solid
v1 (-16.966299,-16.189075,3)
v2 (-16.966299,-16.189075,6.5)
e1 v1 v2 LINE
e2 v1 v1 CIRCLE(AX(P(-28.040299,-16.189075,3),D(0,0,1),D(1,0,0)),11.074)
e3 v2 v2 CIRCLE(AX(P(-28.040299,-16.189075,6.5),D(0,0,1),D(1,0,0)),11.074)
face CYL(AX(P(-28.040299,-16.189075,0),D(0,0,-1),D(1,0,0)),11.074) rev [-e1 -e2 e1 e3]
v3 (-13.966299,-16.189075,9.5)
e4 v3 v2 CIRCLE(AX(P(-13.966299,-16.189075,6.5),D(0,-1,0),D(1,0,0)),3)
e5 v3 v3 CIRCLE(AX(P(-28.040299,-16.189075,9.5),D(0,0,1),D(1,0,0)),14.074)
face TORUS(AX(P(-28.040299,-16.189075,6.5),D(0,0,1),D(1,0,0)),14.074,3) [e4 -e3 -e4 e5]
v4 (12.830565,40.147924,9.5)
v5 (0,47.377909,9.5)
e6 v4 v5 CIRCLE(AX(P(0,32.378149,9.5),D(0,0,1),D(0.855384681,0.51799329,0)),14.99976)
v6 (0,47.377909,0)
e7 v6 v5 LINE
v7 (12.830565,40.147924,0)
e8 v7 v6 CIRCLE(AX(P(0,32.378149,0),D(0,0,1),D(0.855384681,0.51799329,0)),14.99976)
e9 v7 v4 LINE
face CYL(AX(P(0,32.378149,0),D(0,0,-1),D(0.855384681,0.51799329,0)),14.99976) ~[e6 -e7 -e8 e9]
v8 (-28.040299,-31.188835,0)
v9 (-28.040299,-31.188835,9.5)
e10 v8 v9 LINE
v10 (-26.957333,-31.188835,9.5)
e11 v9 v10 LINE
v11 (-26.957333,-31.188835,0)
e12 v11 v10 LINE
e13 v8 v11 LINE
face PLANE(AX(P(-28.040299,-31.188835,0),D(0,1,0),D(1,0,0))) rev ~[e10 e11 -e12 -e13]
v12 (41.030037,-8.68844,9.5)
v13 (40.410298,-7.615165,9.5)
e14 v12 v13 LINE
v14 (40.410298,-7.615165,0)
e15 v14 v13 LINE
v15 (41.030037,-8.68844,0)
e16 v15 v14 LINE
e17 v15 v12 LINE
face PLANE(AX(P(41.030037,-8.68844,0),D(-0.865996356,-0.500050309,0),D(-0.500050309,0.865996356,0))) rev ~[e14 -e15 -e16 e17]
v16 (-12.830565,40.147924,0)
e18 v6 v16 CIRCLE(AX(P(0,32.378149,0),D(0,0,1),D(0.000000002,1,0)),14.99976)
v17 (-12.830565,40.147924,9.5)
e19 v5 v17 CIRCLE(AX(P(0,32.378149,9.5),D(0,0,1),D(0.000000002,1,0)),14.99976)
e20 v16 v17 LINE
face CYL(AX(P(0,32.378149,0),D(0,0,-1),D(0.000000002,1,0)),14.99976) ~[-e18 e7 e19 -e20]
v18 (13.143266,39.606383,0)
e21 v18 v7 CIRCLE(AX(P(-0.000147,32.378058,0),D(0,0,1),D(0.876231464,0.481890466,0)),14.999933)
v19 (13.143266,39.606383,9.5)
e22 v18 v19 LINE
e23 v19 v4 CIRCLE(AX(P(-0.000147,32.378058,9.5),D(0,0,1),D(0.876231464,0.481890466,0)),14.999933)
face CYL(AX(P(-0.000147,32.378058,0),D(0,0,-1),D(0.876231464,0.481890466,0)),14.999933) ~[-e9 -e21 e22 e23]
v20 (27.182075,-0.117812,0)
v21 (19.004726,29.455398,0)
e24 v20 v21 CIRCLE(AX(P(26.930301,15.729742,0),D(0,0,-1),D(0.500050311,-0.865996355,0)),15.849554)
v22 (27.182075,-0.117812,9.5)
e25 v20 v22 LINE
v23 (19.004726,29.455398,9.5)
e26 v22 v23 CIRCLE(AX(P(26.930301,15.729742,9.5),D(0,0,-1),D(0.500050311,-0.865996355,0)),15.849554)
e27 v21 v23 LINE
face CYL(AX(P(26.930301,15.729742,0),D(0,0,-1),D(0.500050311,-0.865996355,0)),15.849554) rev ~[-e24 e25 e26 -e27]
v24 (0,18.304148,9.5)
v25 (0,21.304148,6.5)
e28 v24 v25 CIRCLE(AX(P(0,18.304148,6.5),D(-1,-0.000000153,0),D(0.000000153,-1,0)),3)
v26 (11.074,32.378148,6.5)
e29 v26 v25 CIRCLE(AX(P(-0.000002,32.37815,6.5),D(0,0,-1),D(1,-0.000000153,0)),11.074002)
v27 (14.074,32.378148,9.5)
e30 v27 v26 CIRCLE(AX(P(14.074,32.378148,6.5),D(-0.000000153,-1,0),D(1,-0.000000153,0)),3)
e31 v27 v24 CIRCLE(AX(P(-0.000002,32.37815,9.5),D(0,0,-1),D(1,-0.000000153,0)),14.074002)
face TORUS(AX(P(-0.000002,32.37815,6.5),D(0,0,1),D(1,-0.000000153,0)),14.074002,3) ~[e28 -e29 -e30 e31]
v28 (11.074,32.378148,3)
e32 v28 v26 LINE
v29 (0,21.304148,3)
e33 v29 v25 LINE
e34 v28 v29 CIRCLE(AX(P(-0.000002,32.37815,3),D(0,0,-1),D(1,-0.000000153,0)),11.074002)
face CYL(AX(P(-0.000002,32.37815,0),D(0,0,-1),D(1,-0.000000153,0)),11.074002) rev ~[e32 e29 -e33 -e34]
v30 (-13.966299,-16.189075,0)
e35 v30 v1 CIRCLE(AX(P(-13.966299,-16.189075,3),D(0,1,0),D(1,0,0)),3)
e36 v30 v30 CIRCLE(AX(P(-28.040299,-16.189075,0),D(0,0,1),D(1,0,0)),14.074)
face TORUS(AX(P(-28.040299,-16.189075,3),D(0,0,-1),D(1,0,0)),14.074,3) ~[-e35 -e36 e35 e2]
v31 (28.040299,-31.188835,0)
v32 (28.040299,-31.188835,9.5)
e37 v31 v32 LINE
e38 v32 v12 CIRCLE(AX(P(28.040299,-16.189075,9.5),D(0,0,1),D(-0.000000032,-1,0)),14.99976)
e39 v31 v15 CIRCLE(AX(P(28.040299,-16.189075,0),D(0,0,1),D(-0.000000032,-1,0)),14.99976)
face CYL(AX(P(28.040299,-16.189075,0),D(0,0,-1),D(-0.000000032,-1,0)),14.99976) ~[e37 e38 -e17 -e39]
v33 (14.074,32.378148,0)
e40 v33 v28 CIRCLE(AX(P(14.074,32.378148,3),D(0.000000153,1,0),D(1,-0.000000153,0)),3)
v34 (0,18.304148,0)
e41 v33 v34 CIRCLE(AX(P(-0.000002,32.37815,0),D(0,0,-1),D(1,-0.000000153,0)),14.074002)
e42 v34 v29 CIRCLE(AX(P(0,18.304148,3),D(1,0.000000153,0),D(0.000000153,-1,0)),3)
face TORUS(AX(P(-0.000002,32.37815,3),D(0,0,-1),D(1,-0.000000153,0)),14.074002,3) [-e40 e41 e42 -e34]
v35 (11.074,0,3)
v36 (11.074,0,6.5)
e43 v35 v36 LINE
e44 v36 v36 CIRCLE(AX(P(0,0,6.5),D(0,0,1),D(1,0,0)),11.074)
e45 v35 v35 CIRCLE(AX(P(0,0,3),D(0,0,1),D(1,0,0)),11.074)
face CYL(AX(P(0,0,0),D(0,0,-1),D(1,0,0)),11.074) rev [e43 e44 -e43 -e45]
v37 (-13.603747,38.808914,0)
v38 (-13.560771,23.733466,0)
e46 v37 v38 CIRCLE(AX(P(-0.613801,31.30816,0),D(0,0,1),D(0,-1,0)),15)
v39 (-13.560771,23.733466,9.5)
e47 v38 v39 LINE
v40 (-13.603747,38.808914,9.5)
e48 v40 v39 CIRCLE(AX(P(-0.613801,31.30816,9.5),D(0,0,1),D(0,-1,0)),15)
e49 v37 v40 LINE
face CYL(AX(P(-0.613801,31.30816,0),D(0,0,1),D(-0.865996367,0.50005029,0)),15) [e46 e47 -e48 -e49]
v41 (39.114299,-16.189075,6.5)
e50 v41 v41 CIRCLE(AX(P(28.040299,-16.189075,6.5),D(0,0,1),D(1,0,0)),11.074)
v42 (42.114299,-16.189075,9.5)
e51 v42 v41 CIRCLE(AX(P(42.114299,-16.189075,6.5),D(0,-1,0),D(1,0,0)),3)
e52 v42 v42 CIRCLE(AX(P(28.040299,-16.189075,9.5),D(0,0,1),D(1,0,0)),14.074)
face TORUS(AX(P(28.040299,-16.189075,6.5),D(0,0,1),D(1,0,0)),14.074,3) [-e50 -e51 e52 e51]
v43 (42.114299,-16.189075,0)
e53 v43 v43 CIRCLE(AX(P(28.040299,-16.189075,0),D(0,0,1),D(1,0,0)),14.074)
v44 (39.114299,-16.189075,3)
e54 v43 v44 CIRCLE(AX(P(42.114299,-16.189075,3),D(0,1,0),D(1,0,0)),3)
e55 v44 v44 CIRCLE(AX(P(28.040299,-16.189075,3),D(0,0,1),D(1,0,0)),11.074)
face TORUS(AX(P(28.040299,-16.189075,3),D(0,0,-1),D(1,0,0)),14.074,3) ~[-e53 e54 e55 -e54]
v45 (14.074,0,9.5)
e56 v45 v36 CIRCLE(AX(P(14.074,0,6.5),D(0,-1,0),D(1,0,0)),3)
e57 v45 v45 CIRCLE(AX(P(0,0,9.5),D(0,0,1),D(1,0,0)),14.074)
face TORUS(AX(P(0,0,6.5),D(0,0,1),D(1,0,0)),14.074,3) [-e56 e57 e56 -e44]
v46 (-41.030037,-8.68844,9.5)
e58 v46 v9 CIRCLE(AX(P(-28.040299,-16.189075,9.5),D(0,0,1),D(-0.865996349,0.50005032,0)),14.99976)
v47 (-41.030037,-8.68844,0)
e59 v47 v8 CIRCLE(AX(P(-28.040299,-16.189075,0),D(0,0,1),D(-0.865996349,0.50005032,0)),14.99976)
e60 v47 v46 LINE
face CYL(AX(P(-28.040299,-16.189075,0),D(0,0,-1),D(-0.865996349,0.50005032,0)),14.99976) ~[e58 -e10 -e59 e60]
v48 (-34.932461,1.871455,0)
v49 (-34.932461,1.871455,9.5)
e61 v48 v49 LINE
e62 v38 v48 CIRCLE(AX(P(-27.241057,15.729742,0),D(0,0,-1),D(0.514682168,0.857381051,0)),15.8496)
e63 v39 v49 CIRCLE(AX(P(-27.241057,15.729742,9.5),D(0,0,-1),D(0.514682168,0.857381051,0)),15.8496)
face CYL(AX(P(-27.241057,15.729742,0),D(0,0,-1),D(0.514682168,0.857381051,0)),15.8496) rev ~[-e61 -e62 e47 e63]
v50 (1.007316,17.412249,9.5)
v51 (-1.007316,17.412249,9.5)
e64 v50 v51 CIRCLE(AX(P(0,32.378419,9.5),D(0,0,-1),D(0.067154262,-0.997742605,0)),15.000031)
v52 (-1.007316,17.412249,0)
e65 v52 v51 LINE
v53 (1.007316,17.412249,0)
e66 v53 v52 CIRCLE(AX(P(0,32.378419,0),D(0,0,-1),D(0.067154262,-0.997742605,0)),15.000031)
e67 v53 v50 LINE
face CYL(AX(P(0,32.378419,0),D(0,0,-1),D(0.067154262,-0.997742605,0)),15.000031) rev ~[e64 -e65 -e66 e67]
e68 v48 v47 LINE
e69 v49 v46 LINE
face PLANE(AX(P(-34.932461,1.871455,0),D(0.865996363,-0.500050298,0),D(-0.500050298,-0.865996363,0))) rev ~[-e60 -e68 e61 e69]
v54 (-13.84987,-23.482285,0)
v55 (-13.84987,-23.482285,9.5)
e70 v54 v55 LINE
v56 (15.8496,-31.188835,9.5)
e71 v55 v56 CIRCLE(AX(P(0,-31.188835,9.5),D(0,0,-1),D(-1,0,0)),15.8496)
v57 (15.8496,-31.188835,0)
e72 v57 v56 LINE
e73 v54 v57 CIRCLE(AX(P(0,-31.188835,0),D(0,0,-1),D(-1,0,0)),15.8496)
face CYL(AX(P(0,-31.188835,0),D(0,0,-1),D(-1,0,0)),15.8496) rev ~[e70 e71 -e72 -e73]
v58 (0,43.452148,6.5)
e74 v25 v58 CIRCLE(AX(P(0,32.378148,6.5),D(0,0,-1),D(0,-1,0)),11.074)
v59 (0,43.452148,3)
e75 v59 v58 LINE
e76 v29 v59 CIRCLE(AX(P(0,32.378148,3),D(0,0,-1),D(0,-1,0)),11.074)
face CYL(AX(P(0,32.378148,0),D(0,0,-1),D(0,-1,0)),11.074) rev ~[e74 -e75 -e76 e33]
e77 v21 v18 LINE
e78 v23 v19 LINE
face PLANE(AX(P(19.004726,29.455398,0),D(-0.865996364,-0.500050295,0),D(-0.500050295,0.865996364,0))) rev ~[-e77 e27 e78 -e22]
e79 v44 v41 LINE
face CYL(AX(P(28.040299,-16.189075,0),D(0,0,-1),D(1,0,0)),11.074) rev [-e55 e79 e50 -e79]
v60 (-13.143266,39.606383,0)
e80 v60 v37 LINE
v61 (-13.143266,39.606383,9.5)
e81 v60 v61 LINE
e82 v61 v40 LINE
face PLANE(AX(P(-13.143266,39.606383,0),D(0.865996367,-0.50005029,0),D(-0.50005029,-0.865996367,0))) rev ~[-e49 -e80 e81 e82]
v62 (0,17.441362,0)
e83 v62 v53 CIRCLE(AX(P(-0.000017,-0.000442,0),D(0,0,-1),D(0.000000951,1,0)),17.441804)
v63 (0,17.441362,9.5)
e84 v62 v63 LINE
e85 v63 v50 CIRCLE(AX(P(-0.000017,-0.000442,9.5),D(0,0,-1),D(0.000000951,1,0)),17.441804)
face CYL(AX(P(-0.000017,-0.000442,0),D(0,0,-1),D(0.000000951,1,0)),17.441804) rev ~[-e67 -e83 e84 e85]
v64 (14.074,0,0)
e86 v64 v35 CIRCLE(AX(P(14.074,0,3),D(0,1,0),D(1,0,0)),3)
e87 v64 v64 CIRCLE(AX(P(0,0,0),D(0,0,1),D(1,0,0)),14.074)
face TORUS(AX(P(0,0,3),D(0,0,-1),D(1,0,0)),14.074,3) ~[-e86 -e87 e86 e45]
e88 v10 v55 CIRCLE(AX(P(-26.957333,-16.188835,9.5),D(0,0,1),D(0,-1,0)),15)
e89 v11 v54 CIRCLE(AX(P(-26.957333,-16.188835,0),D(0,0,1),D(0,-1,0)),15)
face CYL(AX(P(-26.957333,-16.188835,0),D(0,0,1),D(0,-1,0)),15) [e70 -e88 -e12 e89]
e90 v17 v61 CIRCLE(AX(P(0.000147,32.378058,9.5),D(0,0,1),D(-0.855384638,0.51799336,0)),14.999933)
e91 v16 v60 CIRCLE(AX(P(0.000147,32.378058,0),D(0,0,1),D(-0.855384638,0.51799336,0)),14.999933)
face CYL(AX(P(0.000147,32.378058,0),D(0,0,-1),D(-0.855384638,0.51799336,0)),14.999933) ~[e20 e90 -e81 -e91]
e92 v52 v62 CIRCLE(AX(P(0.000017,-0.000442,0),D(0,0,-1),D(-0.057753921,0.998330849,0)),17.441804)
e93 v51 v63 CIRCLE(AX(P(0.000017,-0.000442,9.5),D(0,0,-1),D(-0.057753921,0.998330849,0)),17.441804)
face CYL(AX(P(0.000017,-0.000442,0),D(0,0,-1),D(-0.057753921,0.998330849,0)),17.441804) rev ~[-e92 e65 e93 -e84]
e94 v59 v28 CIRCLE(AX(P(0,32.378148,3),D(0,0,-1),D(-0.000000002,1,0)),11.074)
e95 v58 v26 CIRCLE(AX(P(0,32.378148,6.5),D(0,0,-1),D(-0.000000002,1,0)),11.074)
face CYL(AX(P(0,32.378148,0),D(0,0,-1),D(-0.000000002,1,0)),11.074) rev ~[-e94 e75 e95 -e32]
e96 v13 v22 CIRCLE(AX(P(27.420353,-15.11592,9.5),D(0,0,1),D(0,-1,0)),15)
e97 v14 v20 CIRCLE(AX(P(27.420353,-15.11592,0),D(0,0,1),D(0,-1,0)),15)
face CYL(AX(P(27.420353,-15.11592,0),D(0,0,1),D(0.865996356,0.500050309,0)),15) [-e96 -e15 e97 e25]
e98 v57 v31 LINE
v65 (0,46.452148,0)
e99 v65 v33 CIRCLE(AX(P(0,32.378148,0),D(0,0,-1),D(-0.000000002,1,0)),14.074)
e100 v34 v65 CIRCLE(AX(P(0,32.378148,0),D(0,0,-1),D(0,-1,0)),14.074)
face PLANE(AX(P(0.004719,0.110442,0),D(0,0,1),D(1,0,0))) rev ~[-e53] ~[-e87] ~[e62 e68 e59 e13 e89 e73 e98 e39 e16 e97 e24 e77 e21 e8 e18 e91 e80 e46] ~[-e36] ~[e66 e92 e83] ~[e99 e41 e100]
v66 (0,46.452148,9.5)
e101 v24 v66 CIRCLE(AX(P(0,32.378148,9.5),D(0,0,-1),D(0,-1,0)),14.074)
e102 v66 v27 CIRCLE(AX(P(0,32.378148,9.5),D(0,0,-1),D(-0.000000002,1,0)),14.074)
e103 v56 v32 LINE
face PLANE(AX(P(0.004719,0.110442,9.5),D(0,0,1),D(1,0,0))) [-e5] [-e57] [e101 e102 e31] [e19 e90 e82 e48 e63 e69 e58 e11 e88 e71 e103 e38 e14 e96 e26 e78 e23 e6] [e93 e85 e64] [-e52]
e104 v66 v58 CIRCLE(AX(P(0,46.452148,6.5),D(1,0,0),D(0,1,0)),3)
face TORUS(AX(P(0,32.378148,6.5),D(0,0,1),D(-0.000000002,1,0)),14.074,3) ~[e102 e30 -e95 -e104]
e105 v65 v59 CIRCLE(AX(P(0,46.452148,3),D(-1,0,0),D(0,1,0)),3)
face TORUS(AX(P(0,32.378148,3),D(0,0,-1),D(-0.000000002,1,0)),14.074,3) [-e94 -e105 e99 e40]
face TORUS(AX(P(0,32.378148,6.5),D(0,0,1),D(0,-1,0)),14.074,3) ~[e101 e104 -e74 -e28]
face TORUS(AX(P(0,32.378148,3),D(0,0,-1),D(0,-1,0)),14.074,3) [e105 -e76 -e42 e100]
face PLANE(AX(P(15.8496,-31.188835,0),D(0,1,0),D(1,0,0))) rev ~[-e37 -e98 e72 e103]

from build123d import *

# Parameters (mm, degrees)
F0_R     = 11.074
F1_DEPTH = 9.5
F2_R     = 15
F3_R     = 3


with BuildPart() as f1:
    # F0 (on Top) → F1 (new body)
    with BuildSketch(Plane.XY):
        with BuildLine():
            ThreePointArc((12.830565, 40.147924), (7.363696, 45.446002), (0, 47.377909))
            ThreePointArc((0, 47.377909), (-7.363696, 45.446002), (-12.830565, 40.147924))
            Line((-12.830565, 40.147924), (-13.143266, 39.606383))
            Line((-13.143266, 39.606383), (-19.08355, 29.318889))
            ThreePointArc((-19.08355, 29.318889), (-13.515361, 7.804144), (-34.932461, 1.871455))
            Line((-34.932461, 1.871455), (-41.030037, -8.68844))
            ThreePointArc((-41.030037, -8.68844), (-41.030691, -23.688577), (-28.040299, -31.188835))
            Line((-28.040299, -31.188835), (-15.8496, -31.188835))
            ThreePointArc((-15.8496, -31.188835), (0, -15.339235), (15.8496, -31.188835))
            Line((15.8496, -31.188835), (28.040299, -31.188835))
            ThreePointArc((28.040299, -31.188835), (41.030691, -23.688577), (41.030037, -8.68844))
            Line((41.030037, -8.68844), (34.855876, 2.004086))
            ThreePointArc((34.855876, 2.004086), (13.204645, 7.804168), (19.004726, 29.455398))
            Line((19.004726, 29.455398), (13.143266, 39.606383))
            Line((13.143266, 39.606383), (12.830565, 40.147924))
        make_face()
        with Locations((-28.040299, -16.189075)):
            Circle(F0_R, mode=Mode.SUBTRACT)
        Circle(F0_R, mode=Mode.SUBTRACT)
        with Locations((28.040299, -16.189075)):
            Circle(F0_R, mode=Mode.SUBTRACT)
        with BuildLine():
            ThreePointArc((-1.007316, 17.412249), (-0.503868, 17.434082), (0, 17.441362))
            ThreePointArc((0, 17.441362), (0.503868, 17.434082), (1.007316, 17.412249))
            ThreePointArc((1.007316, 17.412249), (0, 17.378388), (-1.007316, 17.412249))
        make_face(mode=Mode.SUBTRACT)
        with BuildLine():
            ThreePointArc((0, 21.304148), (-11.074, 32.378148), (0, 43.452148))
            ThreePointArc((0, 43.452148), (7.8305, 40.208649), (11.074, 32.378148))
            ThreePointArc((11.074, 32.378148), (7.8305, 24.547648), (0, 21.304148))
        make_face(mode=Mode.SUBTRACT)
        with BuildLine():
            ThreePointArc((13.143266, 39.606383), (12.989738, 39.878783), (12.830565, 40.147924))
            Line((12.830565, 40.147924), (13.143266, 39.606383))
        make_face()
        with BuildLine():
            Line((-13.143266, 39.606383), (-12.830565, 40.147924))
            ThreePointArc((-12.830565, 40.147924), (-12.989738, 39.878783), (-13.143266, 39.606383))
        make_face()
    extrude(amount=F1_DEPTH)

    # F2
    f2_edges = [f1.edges().sort_by_distance(p)[0] for p in [
        (34.855876, 2.004086, 4.75),
        (-19.08355, 29.318889, 4.75),
        (-15.8496, -31.188835, 4.75),
    ]]
    fillet(f2_edges, radius=F2_R)

    # F3
    f3_edges = [f1.edges().sort_by_distance(p)[0] for p in [
        (-11.074, 0, 9.5),
        (-39.114299, -16.189075, 9.5),
        (0, 21.304148, 9.5),
        (16.966299, -16.189075, 9.5),
        (0, 21.304148, 0),
        (-39.114299, -16.189075, 0),
        (-11.074, 0, 0),
        (16.966299, -16.189075, 0),
    ]]
    fillet(f3_edges, radius=F3_R)


solid = f1.part
